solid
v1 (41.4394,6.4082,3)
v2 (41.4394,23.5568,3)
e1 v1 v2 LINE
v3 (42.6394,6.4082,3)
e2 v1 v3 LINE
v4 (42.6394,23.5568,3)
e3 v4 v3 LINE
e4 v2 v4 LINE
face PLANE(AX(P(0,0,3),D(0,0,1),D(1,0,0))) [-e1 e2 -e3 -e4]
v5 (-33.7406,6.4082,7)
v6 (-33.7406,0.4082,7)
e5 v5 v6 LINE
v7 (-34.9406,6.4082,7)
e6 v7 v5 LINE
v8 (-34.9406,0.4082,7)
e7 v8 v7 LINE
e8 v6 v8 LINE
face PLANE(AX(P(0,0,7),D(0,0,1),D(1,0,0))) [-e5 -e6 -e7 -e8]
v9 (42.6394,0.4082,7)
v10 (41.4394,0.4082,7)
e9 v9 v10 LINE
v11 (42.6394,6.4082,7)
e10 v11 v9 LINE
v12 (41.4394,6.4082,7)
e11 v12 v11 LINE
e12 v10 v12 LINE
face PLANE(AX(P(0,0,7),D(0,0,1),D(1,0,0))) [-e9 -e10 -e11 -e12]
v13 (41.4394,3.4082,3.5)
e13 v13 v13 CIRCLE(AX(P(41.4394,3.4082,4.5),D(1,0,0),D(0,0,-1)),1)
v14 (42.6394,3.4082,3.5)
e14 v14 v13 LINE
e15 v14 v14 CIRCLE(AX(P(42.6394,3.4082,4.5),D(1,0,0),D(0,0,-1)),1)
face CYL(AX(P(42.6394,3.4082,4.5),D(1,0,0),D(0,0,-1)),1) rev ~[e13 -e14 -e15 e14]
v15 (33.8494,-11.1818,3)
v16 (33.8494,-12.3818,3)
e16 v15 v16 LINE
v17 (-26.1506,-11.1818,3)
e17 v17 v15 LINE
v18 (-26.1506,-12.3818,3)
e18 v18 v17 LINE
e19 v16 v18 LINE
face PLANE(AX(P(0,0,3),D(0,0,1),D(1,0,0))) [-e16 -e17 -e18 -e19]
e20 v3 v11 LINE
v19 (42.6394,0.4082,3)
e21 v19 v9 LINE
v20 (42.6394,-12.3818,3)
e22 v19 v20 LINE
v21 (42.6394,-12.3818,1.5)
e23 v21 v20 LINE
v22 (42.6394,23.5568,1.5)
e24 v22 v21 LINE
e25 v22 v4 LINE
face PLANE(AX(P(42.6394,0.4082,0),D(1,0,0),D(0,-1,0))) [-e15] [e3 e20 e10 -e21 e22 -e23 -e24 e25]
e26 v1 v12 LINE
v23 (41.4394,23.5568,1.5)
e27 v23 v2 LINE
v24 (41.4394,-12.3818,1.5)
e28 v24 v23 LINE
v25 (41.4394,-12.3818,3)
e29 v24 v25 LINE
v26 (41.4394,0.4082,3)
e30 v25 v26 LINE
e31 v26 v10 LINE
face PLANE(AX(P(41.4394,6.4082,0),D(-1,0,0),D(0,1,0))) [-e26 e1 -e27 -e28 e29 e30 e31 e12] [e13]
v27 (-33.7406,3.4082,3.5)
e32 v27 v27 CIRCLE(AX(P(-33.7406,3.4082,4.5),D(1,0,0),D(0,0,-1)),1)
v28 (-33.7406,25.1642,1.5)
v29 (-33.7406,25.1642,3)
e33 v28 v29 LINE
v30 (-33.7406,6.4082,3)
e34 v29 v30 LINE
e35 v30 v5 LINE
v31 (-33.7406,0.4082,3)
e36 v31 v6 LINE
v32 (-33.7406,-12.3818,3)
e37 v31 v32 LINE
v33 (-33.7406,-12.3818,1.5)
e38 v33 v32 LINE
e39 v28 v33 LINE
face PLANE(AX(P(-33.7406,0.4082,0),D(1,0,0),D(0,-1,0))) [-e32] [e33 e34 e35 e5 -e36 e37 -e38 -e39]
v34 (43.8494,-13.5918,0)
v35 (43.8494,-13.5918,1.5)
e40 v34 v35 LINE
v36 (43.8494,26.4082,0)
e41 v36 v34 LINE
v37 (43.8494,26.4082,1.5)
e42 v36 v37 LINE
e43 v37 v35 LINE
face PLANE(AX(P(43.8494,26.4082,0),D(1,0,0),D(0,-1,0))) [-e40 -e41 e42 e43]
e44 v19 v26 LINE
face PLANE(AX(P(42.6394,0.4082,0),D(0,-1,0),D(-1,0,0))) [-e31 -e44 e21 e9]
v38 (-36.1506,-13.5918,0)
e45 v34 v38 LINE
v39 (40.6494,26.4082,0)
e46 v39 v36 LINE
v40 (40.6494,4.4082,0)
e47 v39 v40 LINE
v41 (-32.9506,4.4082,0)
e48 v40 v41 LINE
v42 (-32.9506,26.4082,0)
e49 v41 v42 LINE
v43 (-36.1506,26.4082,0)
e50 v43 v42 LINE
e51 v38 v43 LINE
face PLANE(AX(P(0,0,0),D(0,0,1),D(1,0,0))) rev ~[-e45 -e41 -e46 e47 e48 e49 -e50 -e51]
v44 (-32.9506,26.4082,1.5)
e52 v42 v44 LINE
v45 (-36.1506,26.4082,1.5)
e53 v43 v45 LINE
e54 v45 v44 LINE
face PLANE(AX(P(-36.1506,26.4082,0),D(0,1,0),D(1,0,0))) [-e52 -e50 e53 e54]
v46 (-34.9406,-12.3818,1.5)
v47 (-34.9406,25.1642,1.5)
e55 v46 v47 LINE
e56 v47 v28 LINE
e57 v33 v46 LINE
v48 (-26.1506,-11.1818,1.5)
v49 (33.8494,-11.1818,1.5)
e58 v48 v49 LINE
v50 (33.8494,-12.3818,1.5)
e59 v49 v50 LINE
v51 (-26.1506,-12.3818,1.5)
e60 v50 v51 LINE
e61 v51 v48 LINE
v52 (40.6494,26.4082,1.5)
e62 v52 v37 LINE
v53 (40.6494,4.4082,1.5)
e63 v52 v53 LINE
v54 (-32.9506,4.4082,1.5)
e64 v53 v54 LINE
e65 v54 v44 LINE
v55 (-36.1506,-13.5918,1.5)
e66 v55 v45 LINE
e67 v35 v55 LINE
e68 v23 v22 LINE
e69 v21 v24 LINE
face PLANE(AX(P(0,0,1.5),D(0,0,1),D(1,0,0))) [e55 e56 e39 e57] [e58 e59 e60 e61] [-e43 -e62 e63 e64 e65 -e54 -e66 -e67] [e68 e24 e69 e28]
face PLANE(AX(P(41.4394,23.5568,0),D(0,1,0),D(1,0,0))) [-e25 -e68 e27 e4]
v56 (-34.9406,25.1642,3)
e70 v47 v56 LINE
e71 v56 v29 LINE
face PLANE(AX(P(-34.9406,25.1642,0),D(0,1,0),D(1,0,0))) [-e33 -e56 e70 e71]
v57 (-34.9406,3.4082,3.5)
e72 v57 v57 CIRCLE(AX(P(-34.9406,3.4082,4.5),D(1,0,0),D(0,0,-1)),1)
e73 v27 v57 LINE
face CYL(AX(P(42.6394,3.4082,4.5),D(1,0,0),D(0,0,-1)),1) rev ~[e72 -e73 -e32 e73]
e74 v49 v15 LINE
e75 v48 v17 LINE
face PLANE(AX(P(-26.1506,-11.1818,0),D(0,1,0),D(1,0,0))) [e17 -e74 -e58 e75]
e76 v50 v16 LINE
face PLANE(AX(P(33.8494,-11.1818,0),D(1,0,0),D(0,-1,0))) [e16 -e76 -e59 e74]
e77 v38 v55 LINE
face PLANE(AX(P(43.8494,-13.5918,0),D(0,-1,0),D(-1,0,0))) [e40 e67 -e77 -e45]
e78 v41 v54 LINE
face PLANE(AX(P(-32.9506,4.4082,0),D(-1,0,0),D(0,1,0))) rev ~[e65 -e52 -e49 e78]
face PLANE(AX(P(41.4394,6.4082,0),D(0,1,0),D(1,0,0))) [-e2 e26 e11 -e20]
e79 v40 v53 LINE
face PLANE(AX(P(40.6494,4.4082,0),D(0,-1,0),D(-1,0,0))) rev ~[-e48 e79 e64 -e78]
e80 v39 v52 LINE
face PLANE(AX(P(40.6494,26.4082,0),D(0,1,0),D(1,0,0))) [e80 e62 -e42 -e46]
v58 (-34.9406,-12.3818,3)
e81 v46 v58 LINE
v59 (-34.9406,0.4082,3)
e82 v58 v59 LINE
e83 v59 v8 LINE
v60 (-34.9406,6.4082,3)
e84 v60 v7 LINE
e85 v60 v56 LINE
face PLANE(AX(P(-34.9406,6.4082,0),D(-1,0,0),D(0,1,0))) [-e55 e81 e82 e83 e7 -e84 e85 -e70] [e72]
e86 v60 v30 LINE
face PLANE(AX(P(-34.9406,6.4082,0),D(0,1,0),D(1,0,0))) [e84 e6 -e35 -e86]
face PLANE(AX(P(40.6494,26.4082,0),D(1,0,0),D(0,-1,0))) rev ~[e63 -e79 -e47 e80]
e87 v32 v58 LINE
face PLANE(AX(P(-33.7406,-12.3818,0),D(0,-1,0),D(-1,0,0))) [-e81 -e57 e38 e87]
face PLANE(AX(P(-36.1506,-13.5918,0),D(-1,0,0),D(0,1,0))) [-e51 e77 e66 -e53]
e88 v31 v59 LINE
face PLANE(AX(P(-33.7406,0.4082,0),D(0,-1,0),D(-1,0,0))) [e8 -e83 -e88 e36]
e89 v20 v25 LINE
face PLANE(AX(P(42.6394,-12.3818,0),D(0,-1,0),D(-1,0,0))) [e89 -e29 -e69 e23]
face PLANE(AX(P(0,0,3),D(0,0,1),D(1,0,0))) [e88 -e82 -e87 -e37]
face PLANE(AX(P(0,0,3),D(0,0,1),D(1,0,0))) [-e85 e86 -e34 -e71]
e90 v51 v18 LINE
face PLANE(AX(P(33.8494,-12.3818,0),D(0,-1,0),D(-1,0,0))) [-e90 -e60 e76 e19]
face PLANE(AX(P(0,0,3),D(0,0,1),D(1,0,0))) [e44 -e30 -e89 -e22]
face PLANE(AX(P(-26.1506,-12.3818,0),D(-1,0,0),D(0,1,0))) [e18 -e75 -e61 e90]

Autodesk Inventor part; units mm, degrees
ref_plane "YZ Plane" through (0, 0, 0) normal (1, 0, 0) x (0, 1, 0)
ref_plane "XZ Plane" through (0, 0, 0) normal (0, 1, 0) x (-1, 0, 0)
ref_plane "XY Plane" through (0, 0, 0) normal (0, 0, 1) x (1, 0, 0)
sketch "Skizze1" plane through (0, 0, 0) normal (0, 0, 1) x (1, 0, 0)
  line L0 (-36.1506, 26.4082) -> (43.8494, 26.4082)
  line L1 (43.8494, 26.4082) -> (43.8494, -13.5918)
  line L2 (43.8494, -13.5918) -> (-36.1506, -13.5918)
  line L3 (-36.1506, -13.5918) -> (-36.1506, 26.4082)
  line L4 (-34.9406, 25.1642) -> (-33.7406, 25.1642)
  line L5 (-33.7406, 25.1642) -> (-33.7406, -12.3818)
  line L6 (-33.7406, -12.3818) -> (-34.9406, -12.3818)
  line L7 (-34.9406, -12.3818) -> (-34.9406, 25.1642)
  line L8 (41.4394, 23.5568) -> (42.6394, 23.5568)
  line L9 (42.6394, 23.5568) -> (42.6394, -12.3818)
  line L10 (42.6394, -12.3818) -> (41.4394, -12.3818)
  line L11 (41.4394, -12.3818) -> (41.4394, 23.5568)
  line L12 (-32.9506, 26.4082) -> (40.6494, 26.4082)
  line L13 (40.6494, 26.4082) -> (40.6494, 4.4082)
  line L14 (40.6494, 4.4082) -> (-32.9506, 4.4082)
  line L15 (-32.9506, 4.4082) -> (-32.9506, 26.4082)
  line L16 (-26.1506, -11.1818) -> (33.8494, -11.1818)
  line L17 (33.8494, -11.1818) -> (33.8494, -12.3818)
  line L18 (33.8494, -12.3818) -> (-26.1506, -12.3818)
  line L19 (-26.1506, -12.3818) -> (-26.1506, -11.1818)
  line L20 (42.6394, 0.4082) -> (41.4394, 0.4082)
  line L21 (41.4394, 0.4082) -> (41.4394, 6.4082)
  line L22 (41.4394, 6.4082) -> (42.6394, 6.4082)
  line L23 (42.6394, 6.4082) -> (42.6394, 0.4082)
  line L24 (-33.7406, 0.4082) -> (-34.9406, 0.4082)
  line L25 (-34.9406, 0.4082) -> (-34.9406, 6.4082)
  line L26 (-34.9406, 6.4082) -> (-33.7406, 6.4082)
  line L27 (-33.7406, 6.4082) -> (-33.7406, 0.4082)
  point P0 (0, 0)
  point P1 (-32.9506, 15.4082)
  point P2 (42.0394, -12.3818)
  point P3 (33.8494, -11.7818)
  point P4 (-26.1506, -11.7818)
  point P5 (42.0394, 0.4082)
  point P6 (42.0394, 6.4082)
  point P7 (-34.3406, 0.4082)
  point P8 (-34.3406, 6.4082)
  dimension "d0" = 80
  dimension "d1" = 40
  dimension "d2" = 1.21
  dimension "d3" = 1.21
  dimension "d4" = 35.9386
  dimension "d5" = 1.2
  dimension "d6" = 1.2
  dimension "d7" = 18
  dimension "d8" = 3.2
  dimension "d9" = 3.2
  dimension "d10" = 1.21
  dimension "d11" = 1.21
  dimension "d12" = 1.2
  dimension "d13" = 10
  dimension "d14" = 10
  dimension "d15" = 14
  dimension "d16" = 6
  dimension "d17" = 14
  dimension "d18" = 6
extrude "Extrusion1" add sketch "Skizze1" along normal blind 1.5 contours L0 L15 L14 L13 L1 L2 L3
extrude "Extrusion2" add sketch "Skizze1" along normal blind 3 contours L4 L5 L26 L7 | L24 L5 L6 L7 | L8 L9 L22 L11 | L20 L9 L10 L11 | L16 L17 L18 L19
extrude "Extrusion3" add sketch "Skizze1" along normal blind 7 contours L26 L5 L24 L7 | L22 L9 L20 L11
sketch "Skizze2" plane through (42.6394, -12.3818, 1.5) normal (1, 0, 0) x (0, 0, -1)
  circle A0 centre (-3, 15.79) radius 1
  line L0 (0, -1.21) -> (0, 38.79) projected
  line L1 (1.5, -1.21) -> (0, -1.21) projected
  point P0 (1.5, 12.3818)
  point P1 (0.75, -1.21)
  dimension "d25" = 2
  dimension "d26" = 3
  dimension "d27" = 17
extrude "Extrusion4" cut sketch "Skizze2" against normal through all
properties part number "Konsole_Deckel"
